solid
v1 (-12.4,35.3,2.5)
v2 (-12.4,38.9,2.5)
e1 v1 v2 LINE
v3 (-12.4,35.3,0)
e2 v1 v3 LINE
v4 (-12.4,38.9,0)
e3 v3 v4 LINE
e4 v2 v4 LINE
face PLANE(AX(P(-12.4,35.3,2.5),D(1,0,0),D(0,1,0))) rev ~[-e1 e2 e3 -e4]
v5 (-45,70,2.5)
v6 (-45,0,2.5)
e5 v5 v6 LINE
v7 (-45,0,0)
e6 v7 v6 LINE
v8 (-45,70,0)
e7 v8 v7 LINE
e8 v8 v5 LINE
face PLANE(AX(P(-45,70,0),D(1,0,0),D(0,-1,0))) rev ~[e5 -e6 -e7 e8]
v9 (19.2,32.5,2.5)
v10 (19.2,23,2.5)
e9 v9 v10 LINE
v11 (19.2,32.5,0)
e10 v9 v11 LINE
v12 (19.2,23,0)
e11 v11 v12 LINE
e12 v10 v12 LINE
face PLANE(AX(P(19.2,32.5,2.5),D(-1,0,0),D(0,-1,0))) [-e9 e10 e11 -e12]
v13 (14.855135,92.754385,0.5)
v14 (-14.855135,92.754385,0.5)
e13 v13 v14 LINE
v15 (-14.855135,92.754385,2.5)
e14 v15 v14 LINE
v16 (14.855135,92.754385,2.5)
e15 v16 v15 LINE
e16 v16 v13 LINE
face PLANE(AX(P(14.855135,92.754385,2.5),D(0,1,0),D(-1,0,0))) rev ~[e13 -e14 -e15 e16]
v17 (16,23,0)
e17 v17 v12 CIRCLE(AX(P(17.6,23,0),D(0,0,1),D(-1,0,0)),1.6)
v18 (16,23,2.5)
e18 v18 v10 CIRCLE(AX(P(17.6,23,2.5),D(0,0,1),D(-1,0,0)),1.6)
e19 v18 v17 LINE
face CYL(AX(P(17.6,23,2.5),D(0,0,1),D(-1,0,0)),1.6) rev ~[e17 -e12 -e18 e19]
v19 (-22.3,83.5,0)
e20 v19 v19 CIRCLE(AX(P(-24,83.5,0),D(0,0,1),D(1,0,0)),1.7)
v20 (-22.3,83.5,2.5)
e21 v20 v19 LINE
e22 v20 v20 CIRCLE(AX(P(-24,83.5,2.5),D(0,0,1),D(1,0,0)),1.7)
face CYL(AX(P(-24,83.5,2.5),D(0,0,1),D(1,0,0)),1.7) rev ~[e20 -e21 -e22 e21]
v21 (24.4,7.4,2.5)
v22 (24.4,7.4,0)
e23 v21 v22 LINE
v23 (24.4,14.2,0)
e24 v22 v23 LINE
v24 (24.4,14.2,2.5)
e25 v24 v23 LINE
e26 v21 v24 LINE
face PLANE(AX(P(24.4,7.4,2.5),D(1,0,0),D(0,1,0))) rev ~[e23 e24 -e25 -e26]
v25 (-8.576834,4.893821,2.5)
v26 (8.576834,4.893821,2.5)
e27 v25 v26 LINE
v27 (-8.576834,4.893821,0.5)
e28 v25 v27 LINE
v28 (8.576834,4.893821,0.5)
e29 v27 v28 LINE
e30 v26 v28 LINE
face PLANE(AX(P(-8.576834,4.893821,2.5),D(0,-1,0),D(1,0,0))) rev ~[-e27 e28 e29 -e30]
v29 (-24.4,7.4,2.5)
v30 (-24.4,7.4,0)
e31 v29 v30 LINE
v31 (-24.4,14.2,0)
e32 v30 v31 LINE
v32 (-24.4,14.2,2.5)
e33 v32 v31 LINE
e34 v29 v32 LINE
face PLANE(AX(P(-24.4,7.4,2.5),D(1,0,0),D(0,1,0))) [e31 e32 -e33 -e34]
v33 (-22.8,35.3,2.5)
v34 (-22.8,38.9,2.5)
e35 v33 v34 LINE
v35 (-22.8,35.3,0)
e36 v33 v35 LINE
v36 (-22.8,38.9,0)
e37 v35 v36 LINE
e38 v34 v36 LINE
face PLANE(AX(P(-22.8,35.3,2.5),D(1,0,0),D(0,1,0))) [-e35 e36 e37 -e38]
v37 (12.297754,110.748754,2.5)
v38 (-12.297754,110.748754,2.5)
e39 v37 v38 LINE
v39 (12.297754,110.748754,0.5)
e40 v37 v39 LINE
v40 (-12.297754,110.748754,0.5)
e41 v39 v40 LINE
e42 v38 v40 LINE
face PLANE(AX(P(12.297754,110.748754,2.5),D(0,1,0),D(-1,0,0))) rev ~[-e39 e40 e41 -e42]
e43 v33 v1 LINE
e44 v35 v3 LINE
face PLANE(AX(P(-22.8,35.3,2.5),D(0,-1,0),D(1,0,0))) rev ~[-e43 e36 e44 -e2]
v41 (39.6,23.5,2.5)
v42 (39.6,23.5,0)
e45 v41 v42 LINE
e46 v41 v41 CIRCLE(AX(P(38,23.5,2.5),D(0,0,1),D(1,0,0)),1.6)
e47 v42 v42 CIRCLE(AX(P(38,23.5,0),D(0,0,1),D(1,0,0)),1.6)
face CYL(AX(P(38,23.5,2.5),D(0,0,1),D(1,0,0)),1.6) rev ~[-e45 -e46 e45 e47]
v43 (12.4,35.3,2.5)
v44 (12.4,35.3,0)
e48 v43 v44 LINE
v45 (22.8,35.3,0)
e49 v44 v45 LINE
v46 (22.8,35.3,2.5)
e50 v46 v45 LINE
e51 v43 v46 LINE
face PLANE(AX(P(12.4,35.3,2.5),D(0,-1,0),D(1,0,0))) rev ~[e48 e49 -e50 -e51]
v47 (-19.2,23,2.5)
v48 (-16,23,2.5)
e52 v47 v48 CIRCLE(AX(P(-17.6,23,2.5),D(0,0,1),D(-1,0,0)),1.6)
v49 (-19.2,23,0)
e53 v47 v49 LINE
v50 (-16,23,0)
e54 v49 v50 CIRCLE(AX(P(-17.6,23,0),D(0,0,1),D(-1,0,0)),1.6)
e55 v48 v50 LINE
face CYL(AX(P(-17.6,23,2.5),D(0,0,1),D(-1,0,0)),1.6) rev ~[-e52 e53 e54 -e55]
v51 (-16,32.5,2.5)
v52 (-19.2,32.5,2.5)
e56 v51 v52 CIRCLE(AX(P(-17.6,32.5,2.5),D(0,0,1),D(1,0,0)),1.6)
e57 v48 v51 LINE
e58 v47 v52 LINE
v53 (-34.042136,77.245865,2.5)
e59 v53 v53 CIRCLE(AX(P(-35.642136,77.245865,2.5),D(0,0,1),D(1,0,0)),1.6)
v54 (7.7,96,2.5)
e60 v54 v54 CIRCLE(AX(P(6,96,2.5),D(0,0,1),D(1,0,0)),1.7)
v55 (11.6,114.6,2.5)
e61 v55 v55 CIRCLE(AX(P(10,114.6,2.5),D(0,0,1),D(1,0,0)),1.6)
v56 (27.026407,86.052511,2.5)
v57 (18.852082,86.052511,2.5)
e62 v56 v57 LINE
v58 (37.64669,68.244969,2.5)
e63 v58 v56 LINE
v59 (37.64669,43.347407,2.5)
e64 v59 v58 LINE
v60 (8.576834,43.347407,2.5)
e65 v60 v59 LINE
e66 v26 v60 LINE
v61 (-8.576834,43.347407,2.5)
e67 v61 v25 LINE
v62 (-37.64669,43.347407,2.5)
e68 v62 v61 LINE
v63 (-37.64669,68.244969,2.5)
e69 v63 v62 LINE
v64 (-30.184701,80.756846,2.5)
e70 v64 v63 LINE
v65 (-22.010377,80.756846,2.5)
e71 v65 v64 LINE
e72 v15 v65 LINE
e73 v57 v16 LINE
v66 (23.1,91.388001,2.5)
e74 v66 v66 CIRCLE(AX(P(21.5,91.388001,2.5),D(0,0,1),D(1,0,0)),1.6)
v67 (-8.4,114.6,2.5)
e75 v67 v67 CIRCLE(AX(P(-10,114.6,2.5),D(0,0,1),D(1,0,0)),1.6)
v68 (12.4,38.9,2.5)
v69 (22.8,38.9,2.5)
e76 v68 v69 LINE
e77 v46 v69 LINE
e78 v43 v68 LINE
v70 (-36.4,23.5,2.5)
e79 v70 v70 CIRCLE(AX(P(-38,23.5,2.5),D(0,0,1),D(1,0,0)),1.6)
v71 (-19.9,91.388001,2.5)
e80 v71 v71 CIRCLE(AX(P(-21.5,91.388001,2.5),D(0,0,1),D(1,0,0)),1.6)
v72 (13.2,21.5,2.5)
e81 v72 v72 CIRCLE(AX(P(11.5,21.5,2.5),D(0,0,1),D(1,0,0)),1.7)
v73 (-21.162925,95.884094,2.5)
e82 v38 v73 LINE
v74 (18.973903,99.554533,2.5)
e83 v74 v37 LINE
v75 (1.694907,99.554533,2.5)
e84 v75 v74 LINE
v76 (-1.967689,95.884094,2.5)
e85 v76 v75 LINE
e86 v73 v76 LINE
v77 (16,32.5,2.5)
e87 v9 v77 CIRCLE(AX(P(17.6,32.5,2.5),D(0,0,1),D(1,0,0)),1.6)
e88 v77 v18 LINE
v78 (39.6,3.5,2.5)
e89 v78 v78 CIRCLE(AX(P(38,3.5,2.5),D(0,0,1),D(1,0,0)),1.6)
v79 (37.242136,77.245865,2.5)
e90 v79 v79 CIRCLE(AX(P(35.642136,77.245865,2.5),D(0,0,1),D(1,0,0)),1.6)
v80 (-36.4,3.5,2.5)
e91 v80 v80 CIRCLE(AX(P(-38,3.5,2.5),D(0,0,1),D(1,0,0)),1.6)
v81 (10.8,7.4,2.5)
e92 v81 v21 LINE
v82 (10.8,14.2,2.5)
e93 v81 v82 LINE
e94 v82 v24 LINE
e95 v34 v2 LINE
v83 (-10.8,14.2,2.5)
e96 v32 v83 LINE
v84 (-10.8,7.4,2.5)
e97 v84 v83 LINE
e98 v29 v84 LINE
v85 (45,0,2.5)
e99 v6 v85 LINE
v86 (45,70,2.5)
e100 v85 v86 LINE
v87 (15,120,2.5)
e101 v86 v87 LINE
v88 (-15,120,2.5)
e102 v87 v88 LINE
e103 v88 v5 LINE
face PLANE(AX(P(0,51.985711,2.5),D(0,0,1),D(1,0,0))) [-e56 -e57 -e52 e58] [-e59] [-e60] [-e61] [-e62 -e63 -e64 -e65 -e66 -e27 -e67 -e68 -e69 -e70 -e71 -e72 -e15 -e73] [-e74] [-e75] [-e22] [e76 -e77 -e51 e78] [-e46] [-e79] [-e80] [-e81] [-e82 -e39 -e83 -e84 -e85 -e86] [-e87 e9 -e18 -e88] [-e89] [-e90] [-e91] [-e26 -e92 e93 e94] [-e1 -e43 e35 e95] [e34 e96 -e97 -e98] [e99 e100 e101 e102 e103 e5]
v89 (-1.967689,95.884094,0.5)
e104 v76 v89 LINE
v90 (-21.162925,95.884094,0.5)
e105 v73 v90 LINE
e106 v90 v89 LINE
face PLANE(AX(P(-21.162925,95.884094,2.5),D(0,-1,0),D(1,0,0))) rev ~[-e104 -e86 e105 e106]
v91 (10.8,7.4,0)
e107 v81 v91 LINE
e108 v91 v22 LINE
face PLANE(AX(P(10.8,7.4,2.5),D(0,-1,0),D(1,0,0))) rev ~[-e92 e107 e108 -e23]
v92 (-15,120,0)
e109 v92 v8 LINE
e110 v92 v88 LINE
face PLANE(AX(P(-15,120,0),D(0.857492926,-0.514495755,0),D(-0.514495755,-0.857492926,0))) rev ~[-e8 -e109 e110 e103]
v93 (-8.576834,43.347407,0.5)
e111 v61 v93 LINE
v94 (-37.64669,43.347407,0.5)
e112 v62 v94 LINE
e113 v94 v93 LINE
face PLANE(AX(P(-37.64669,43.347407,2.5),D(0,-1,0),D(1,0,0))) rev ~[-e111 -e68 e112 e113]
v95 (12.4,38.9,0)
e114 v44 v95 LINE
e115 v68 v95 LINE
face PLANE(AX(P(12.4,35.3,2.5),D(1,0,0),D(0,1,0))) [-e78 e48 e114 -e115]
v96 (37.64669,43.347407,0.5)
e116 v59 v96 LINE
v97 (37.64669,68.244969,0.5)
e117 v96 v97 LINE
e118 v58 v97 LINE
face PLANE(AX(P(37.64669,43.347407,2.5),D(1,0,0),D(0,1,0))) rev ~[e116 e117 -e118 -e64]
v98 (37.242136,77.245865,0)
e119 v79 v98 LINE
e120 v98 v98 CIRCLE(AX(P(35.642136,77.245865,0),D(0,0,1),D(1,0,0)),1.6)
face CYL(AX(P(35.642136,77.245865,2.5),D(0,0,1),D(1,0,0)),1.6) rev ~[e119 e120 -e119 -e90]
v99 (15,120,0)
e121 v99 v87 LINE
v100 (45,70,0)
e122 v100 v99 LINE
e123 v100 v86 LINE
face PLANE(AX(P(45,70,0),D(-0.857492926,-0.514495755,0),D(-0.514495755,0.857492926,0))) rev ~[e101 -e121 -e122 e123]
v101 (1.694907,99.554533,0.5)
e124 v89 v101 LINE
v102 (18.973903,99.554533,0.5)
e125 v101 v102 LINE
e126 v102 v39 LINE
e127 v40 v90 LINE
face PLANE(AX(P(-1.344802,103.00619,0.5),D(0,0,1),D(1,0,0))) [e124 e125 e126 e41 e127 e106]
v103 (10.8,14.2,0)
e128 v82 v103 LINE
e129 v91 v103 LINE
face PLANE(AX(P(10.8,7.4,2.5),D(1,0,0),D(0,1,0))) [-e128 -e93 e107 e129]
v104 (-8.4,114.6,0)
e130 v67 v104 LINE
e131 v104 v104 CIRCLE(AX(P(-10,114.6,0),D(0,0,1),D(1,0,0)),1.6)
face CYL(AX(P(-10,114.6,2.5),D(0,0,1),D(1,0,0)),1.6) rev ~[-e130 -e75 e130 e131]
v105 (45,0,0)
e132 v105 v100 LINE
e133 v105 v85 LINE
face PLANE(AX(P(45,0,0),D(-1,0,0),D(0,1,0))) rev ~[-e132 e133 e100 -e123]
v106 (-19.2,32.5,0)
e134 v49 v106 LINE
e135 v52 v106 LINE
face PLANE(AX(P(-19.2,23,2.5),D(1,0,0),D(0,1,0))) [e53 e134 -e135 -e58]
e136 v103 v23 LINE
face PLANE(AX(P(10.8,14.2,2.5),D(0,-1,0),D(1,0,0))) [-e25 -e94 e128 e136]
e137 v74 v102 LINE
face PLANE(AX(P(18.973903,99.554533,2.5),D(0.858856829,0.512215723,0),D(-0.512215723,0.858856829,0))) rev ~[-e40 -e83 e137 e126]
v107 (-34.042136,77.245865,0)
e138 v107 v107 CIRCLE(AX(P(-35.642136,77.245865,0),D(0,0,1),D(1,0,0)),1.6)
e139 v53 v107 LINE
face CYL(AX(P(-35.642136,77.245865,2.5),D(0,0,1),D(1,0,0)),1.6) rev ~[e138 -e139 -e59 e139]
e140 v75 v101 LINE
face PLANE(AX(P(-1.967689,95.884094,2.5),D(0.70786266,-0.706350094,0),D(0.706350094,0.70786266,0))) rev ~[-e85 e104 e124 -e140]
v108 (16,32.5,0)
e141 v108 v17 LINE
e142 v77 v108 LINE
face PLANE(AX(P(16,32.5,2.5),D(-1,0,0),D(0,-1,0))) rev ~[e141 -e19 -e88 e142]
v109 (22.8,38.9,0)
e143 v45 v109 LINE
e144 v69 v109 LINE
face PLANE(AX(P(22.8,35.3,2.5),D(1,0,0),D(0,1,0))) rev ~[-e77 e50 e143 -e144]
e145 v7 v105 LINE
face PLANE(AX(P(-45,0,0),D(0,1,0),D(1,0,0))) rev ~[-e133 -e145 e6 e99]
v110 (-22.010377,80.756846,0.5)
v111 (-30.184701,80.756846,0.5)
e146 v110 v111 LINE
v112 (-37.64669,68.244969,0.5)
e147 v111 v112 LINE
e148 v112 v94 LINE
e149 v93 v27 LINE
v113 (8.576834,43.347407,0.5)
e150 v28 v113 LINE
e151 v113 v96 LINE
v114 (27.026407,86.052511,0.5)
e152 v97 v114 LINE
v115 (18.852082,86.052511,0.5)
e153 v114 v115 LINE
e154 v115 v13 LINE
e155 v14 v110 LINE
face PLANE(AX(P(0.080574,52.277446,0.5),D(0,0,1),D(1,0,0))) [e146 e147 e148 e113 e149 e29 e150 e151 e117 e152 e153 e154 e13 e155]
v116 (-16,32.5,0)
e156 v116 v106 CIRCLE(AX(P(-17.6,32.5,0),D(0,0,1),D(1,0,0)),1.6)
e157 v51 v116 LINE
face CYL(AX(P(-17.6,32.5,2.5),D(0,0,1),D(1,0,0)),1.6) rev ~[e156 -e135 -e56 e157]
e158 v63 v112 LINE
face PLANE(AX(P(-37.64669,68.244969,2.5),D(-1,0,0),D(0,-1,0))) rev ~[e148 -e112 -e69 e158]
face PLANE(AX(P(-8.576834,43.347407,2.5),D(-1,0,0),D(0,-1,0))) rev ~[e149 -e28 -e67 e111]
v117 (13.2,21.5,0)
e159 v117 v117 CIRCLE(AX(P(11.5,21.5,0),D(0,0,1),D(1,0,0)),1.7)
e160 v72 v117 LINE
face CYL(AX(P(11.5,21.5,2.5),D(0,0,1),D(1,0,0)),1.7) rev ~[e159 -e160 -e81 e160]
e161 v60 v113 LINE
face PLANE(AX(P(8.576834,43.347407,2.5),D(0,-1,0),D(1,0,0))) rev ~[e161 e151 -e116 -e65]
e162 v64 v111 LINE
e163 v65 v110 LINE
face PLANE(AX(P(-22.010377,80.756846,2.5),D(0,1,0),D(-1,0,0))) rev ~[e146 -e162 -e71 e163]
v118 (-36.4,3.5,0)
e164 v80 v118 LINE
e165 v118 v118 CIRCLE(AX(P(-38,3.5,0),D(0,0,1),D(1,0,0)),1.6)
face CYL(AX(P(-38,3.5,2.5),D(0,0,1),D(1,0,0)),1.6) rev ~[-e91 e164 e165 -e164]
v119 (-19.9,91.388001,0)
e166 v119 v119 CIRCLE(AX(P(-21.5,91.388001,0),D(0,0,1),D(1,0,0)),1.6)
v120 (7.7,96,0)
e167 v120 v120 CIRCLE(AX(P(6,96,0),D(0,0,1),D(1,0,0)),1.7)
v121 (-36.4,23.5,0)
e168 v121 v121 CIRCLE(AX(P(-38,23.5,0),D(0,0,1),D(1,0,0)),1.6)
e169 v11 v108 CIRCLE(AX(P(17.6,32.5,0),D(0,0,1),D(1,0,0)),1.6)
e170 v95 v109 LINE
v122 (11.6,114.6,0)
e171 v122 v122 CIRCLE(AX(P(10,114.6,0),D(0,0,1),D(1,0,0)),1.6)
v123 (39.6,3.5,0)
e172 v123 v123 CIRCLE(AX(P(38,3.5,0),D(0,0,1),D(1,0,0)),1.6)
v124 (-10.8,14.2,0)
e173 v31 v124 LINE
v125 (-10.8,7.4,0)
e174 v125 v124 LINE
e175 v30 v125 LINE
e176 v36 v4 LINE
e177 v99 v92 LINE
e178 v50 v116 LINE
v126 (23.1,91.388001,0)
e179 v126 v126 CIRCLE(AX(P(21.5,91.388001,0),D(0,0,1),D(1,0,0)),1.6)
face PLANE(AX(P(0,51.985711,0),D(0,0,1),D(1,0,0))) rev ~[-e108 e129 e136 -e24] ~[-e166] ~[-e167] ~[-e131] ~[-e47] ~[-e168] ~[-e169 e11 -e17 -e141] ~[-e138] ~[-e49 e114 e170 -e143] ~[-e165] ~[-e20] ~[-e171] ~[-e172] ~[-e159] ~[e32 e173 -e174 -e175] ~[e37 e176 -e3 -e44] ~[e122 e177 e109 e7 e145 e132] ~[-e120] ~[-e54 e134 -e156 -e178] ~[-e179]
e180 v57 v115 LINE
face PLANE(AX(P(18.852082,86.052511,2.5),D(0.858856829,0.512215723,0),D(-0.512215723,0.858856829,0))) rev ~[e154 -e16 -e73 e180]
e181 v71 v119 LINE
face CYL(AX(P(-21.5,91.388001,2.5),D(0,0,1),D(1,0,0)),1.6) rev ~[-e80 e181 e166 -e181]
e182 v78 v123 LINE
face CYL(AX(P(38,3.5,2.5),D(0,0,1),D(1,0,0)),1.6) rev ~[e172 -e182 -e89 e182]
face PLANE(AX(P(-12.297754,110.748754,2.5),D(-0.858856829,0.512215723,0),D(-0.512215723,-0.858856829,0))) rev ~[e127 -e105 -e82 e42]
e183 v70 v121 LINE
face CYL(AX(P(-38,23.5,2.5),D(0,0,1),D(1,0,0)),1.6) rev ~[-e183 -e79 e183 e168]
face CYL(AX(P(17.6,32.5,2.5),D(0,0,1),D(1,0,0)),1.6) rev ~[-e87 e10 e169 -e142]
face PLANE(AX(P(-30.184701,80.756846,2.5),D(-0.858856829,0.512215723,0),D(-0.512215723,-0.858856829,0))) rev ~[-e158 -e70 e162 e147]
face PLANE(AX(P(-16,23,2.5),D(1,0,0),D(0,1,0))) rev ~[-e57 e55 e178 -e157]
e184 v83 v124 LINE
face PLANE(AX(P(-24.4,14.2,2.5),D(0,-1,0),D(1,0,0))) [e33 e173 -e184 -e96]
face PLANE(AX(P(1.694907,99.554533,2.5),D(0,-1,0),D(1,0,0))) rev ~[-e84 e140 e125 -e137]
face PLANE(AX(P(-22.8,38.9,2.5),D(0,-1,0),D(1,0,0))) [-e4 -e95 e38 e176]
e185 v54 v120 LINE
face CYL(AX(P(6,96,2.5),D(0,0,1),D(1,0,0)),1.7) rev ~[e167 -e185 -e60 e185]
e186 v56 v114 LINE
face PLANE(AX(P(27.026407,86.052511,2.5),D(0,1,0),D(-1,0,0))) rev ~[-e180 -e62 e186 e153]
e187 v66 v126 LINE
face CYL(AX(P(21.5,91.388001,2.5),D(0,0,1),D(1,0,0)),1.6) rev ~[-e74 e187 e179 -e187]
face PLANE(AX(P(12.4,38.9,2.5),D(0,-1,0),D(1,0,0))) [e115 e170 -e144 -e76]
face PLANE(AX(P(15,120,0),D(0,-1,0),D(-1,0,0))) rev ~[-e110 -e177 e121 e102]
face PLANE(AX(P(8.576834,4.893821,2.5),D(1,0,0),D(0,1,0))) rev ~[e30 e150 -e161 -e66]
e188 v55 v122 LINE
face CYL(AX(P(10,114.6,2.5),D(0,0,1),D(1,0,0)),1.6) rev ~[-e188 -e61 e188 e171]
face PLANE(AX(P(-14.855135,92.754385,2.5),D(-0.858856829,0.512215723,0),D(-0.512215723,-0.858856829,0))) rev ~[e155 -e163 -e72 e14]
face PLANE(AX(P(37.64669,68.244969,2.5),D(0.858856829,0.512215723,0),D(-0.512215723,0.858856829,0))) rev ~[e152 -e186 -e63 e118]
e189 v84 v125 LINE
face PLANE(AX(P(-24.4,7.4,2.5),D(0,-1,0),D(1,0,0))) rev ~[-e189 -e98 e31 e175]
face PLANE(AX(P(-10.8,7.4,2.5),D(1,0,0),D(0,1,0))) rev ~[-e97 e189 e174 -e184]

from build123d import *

# Parameters (mm, degrees)
PAD_DEPTH       = 2.5
SKETCH001_R     = 1.6
SKETCH001_W     = 13.6
SKETCH001_H     = 6.8
SKETCH001_W_2   = 10.4
SKETCH001_H_2   = 3.6
POCKET_DEPTH    = 5
SKETCH002_R     = 1.7
POCKET001_DEPTH = 5
SKETCH004_R     = 1.6
POCKET002_DEPTH = 5
POCKET003_DEPTH = 2


with BuildPart() as part:
    # Sketch → Pad (new body)
    with BuildSketch(Plane.XY):
        Polygon((-45, 0), (45, 0), (45, 70), (15, 120), (-15, 120), (-45, 70), align=None)
    extrude(amount=PAD_DEPTH)

    # Sketch001 (on Face8 of Pad) → Pocket (cut)
    with BuildSketch(Plane.XY.offset(2.5)):
        with Locations((38, 3.5)):
            Circle(SKETCH001_R)
        with Locations((38, 23.5)):
            Circle(SKETCH001_R)
        with Locations((-38, 3.5)):
            Circle(SKETCH001_R)
        with Locations((-38, 23.5)):
            Circle(SKETCH001_R)
        with BuildLine():
            ThreePointArc((-19.2, 23), (-17.6, 21.4), (-16, 23))
            Line((-16, 23), (-16, 32.5))
            ThreePointArc((-16, 32.5), (-17.6, 34.1), (-19.2, 32.5))
            Line((-19.2, 23), (-19.2, 32.5))
        make_face()
        with BuildLine():
            ThreePointArc((19.2, 32.5), (17.6, 34.1), (16, 32.5))
            Line((16, 32.5), (16, 23))
            ThreePointArc((16, 23), (17.6, 21.4), (19.2, 23))
            Line((19.2, 32.5), (19.2, 23))
        make_face()
        with Locations((-17.6, 10.8)):
            Rectangle(SKETCH001_W, SKETCH001_H)
        with Locations((17.6, 10.8)):
            Rectangle(SKETCH001_W, SKETCH001_H)
        with Locations((17.6, 37.1)):
            Rectangle(SKETCH001_W_2, SKETCH001_H_2)
        with Locations((-17.6, 37.1)):
            Rectangle(SKETCH001_W_2, SKETCH001_H_2)
    extrude(amount=-POCKET_DEPTH, mode=Mode.SUBTRACT)

    # Sketch002 (on Face5 of Pocket) → Pocket001 (cut)
    with BuildSketch(Plane.XY.offset(2.5)):
        with Locations((6, 96)):
            Circle(SKETCH002_R)
        with Locations((-24, 83.5)):
            Circle(SKETCH002_R)
        with Locations((11.5, 21.5)):
            Circle(SKETCH002_R)
    extrude(amount=-POCKET001_DEPTH, mode=Mode.SUBTRACT)

    # Sketch004 (on Face5 of Pocket001) → Pocket002 (cut)
    with BuildSketch(Plane.XY.offset(2.5)):
        with Locations((10, 114.6)):
            Circle(SKETCH004_R)
        with Locations((-10, 114.6)):
            Circle(SKETCH004_R)
        with Locations((21.5, 91.3880009298)):
            Circle(SKETCH004_R)
        with Locations((35.6421356237, 77.2458653061)):
            Circle(SKETCH004_R)
        with Locations((-21.5, 91.3880009298)):
            Circle(SKETCH004_R)
        with Locations((-35.6421356237, 77.2458653061)):
            Circle(SKETCH004_R)
    extrude(amount=-POCKET002_DEPTH, mode=Mode.SUBTRACT)

    # Sketch003 (on Face5 of Pocket002) → Pocket003 (cut)
    with BuildSketch(Plane.XY.offset(2.5)):
        Polygon((-37.6466903558, 43.3474069665), (-8.5768340117, 43.3474069665), (-8.5768340117, 4.893821), (8.5768340117, 4.893821), (8.5768340117, 43.3474069665), (37.6466903558, 43.3474069665), (37.6466903558, 68.2449686275), (27.0264066989, 86.0525109264), (18.8520822966, 86.0525109264), (14.8551351559, 92.7543851488), (-14.8551351559, 92.7543851488), (-22.0103766194, 80.7568463697), (-30.1847010216, 80.7568463697), (-37.6466903558, 68.2449686275), align=None)
        Polygon((-21.162924581, 95.8840944515), (-1.9676886795, 95.8840944515), (1.694907, 99.5545331507), (18.973902678, 99.5545331507), (12.2977542374, 110.7487535303), (-12.2977542374, 110.7487535303), align=None)
    extrude(amount=-POCKET003_DEPTH, mode=Mode.SUBTRACT)


solid = part.part
